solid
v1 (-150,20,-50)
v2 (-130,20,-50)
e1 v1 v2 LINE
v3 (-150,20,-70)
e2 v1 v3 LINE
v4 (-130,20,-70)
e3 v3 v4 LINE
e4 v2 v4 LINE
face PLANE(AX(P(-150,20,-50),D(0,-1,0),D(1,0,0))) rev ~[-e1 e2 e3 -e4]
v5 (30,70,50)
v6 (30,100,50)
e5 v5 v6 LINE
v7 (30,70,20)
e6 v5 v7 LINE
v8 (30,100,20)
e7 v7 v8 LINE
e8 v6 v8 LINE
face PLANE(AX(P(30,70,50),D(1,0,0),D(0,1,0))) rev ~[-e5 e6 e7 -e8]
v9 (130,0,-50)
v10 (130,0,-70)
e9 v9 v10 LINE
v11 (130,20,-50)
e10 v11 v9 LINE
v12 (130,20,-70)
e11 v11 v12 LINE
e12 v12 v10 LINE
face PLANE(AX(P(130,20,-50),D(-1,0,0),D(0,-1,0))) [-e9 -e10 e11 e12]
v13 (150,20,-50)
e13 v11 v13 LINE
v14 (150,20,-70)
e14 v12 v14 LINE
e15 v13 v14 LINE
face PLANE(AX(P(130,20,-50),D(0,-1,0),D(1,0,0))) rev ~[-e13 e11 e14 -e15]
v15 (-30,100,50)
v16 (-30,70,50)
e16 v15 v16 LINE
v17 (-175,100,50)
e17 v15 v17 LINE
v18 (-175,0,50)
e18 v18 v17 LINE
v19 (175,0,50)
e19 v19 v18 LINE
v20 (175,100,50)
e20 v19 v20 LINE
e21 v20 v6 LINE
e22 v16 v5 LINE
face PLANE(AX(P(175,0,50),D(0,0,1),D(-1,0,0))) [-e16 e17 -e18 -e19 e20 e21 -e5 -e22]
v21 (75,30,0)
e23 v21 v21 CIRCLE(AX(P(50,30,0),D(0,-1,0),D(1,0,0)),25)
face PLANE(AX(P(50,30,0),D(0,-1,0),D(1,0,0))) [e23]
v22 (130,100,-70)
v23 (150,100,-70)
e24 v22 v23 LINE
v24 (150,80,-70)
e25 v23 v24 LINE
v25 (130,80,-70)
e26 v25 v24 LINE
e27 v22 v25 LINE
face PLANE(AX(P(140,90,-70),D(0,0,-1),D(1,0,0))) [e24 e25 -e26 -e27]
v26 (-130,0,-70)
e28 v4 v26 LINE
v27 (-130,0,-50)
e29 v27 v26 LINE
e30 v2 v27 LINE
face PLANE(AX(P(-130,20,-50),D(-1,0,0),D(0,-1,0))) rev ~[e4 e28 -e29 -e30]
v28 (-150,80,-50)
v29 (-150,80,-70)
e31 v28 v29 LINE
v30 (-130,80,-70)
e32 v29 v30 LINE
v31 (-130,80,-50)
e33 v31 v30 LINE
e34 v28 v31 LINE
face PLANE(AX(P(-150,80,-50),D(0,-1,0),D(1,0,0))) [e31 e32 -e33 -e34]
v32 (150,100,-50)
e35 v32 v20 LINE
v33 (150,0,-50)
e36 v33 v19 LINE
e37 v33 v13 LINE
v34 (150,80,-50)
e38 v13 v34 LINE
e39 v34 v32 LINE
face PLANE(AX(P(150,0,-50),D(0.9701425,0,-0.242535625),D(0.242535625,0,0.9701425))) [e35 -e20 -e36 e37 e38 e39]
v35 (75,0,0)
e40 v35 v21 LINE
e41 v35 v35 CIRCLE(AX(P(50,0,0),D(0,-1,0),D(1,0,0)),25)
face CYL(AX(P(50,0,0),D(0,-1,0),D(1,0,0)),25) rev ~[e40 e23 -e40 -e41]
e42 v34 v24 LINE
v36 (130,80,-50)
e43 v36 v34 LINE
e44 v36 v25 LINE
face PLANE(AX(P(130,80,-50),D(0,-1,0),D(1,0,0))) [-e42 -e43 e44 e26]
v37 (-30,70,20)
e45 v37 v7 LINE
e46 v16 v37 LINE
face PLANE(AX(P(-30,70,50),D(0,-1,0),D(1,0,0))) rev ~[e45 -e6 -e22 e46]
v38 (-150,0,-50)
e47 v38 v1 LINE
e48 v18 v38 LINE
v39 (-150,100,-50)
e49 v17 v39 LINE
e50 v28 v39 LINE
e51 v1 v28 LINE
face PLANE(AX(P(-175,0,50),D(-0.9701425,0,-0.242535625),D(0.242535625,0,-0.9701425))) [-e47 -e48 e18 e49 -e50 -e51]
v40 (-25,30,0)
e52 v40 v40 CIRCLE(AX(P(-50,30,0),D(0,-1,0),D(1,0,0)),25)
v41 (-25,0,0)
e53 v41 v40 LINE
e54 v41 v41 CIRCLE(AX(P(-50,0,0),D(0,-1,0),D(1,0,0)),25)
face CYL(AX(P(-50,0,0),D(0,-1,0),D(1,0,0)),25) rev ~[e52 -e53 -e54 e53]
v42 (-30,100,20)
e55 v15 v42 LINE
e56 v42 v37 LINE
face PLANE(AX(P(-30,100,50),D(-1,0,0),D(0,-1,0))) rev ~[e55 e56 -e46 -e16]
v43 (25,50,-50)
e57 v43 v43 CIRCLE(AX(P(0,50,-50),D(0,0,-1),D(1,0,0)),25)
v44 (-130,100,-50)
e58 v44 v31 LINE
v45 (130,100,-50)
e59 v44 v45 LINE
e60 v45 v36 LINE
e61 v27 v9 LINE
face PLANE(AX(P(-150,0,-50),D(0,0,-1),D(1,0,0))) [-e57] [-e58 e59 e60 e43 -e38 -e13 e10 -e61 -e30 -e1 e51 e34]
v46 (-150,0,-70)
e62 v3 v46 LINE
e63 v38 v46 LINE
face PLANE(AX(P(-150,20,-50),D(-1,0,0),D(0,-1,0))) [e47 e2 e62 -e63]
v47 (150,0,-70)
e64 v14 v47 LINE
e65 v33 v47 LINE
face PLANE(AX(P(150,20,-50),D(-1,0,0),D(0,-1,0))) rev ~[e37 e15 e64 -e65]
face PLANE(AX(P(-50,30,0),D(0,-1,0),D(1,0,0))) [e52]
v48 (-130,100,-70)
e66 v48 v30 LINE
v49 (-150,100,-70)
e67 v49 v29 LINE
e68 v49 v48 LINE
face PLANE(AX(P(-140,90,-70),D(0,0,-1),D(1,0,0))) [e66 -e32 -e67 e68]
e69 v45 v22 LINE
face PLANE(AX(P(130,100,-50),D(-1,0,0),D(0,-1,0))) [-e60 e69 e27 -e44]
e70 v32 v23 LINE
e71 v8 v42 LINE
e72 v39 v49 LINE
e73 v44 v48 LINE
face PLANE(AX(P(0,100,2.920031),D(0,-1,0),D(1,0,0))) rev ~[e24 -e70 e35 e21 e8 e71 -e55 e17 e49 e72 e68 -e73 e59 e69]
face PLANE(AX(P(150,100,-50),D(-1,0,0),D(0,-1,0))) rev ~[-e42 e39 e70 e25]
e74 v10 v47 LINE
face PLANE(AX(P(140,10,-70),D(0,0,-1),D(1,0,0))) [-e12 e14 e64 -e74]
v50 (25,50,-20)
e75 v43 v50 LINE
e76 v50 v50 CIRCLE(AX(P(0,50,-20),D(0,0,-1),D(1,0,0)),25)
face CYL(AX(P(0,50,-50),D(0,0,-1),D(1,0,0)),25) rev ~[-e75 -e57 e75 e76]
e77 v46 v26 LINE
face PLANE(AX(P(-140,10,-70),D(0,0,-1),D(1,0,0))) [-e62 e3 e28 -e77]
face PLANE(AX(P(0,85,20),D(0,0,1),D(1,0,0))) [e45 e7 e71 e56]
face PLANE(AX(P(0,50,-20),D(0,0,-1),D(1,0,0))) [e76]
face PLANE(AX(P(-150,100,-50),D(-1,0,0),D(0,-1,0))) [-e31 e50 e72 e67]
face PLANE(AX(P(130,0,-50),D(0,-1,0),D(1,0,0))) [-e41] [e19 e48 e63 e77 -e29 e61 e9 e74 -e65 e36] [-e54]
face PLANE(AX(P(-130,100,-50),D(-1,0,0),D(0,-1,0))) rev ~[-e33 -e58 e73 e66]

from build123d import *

# Parameters (mm, degrees)
F1_DEPTH  = 100
F2_R      = 25
F3_DEPTH  = 30
F4_R      = 25
F5_DEPTH  = 30
F7_DEPTH  = 30
F10_W     = 20
F10_H     = 20
F11_DEPTH = 20


with BuildPart() as f1:
    # F0 (on Front) → F1 (new body)
    with BuildSketch(Plane.XZ):
        Polygon((-150, -50), (150, -50), (175, 50), (150, 50), (-150, 50), (-175, 50), align=None)
    extrude(amount=-F1_DEPTH)

    # F2 (on face) → F3 (cut)
    with BuildSketch(Plane.XZ):
        with Locations((50, 0)):
            Circle(F2_R)
        with Locations((-50, 0)):
            Circle(F2_R)
    extrude(amount=-F3_DEPTH, mode=Mode.SUBTRACT)

    # F4 (on face) → F5 (cut)
    with BuildSketch(Plane(origin=(0, 0, -50), x_dir=(1, 0, 0), z_dir=(0, 0, -1))):
        with Locations((0, -50)):
            Circle(F4_R)
    extrude(amount=-F5_DEPTH, mode=Mode.SUBTRACT)

    # F6 (on face) → F7 (cut)
    with BuildSketch(Plane.XY.offset(50)):
        Polygon((30, 100), (0, 100), (-30, 100), (-30, 70), (30, 70), align=None)
    extrude(amount=-F7_DEPTH, mode=Mode.SUBTRACT)

    # F10 (on face) → F11 (join)
    with BuildSketch(Plane(origin=(0, 0, -50), x_dir=(1, 0, 0), z_dir=(0, 0, -1))):
        with Locations((140, -10)):
            Rectangle(F10_W, F10_H)
        with Locations((140, -90)):
            Rectangle(F10_W, F10_H)
        with Locations((-140, -90)):
            Rectangle(F10_W, F10_H)
        with Locations((-140, -10)):
            Rectangle(F10_W, F10_H)
    extrude(amount=F11_DEPTH)


solid = f1.part
